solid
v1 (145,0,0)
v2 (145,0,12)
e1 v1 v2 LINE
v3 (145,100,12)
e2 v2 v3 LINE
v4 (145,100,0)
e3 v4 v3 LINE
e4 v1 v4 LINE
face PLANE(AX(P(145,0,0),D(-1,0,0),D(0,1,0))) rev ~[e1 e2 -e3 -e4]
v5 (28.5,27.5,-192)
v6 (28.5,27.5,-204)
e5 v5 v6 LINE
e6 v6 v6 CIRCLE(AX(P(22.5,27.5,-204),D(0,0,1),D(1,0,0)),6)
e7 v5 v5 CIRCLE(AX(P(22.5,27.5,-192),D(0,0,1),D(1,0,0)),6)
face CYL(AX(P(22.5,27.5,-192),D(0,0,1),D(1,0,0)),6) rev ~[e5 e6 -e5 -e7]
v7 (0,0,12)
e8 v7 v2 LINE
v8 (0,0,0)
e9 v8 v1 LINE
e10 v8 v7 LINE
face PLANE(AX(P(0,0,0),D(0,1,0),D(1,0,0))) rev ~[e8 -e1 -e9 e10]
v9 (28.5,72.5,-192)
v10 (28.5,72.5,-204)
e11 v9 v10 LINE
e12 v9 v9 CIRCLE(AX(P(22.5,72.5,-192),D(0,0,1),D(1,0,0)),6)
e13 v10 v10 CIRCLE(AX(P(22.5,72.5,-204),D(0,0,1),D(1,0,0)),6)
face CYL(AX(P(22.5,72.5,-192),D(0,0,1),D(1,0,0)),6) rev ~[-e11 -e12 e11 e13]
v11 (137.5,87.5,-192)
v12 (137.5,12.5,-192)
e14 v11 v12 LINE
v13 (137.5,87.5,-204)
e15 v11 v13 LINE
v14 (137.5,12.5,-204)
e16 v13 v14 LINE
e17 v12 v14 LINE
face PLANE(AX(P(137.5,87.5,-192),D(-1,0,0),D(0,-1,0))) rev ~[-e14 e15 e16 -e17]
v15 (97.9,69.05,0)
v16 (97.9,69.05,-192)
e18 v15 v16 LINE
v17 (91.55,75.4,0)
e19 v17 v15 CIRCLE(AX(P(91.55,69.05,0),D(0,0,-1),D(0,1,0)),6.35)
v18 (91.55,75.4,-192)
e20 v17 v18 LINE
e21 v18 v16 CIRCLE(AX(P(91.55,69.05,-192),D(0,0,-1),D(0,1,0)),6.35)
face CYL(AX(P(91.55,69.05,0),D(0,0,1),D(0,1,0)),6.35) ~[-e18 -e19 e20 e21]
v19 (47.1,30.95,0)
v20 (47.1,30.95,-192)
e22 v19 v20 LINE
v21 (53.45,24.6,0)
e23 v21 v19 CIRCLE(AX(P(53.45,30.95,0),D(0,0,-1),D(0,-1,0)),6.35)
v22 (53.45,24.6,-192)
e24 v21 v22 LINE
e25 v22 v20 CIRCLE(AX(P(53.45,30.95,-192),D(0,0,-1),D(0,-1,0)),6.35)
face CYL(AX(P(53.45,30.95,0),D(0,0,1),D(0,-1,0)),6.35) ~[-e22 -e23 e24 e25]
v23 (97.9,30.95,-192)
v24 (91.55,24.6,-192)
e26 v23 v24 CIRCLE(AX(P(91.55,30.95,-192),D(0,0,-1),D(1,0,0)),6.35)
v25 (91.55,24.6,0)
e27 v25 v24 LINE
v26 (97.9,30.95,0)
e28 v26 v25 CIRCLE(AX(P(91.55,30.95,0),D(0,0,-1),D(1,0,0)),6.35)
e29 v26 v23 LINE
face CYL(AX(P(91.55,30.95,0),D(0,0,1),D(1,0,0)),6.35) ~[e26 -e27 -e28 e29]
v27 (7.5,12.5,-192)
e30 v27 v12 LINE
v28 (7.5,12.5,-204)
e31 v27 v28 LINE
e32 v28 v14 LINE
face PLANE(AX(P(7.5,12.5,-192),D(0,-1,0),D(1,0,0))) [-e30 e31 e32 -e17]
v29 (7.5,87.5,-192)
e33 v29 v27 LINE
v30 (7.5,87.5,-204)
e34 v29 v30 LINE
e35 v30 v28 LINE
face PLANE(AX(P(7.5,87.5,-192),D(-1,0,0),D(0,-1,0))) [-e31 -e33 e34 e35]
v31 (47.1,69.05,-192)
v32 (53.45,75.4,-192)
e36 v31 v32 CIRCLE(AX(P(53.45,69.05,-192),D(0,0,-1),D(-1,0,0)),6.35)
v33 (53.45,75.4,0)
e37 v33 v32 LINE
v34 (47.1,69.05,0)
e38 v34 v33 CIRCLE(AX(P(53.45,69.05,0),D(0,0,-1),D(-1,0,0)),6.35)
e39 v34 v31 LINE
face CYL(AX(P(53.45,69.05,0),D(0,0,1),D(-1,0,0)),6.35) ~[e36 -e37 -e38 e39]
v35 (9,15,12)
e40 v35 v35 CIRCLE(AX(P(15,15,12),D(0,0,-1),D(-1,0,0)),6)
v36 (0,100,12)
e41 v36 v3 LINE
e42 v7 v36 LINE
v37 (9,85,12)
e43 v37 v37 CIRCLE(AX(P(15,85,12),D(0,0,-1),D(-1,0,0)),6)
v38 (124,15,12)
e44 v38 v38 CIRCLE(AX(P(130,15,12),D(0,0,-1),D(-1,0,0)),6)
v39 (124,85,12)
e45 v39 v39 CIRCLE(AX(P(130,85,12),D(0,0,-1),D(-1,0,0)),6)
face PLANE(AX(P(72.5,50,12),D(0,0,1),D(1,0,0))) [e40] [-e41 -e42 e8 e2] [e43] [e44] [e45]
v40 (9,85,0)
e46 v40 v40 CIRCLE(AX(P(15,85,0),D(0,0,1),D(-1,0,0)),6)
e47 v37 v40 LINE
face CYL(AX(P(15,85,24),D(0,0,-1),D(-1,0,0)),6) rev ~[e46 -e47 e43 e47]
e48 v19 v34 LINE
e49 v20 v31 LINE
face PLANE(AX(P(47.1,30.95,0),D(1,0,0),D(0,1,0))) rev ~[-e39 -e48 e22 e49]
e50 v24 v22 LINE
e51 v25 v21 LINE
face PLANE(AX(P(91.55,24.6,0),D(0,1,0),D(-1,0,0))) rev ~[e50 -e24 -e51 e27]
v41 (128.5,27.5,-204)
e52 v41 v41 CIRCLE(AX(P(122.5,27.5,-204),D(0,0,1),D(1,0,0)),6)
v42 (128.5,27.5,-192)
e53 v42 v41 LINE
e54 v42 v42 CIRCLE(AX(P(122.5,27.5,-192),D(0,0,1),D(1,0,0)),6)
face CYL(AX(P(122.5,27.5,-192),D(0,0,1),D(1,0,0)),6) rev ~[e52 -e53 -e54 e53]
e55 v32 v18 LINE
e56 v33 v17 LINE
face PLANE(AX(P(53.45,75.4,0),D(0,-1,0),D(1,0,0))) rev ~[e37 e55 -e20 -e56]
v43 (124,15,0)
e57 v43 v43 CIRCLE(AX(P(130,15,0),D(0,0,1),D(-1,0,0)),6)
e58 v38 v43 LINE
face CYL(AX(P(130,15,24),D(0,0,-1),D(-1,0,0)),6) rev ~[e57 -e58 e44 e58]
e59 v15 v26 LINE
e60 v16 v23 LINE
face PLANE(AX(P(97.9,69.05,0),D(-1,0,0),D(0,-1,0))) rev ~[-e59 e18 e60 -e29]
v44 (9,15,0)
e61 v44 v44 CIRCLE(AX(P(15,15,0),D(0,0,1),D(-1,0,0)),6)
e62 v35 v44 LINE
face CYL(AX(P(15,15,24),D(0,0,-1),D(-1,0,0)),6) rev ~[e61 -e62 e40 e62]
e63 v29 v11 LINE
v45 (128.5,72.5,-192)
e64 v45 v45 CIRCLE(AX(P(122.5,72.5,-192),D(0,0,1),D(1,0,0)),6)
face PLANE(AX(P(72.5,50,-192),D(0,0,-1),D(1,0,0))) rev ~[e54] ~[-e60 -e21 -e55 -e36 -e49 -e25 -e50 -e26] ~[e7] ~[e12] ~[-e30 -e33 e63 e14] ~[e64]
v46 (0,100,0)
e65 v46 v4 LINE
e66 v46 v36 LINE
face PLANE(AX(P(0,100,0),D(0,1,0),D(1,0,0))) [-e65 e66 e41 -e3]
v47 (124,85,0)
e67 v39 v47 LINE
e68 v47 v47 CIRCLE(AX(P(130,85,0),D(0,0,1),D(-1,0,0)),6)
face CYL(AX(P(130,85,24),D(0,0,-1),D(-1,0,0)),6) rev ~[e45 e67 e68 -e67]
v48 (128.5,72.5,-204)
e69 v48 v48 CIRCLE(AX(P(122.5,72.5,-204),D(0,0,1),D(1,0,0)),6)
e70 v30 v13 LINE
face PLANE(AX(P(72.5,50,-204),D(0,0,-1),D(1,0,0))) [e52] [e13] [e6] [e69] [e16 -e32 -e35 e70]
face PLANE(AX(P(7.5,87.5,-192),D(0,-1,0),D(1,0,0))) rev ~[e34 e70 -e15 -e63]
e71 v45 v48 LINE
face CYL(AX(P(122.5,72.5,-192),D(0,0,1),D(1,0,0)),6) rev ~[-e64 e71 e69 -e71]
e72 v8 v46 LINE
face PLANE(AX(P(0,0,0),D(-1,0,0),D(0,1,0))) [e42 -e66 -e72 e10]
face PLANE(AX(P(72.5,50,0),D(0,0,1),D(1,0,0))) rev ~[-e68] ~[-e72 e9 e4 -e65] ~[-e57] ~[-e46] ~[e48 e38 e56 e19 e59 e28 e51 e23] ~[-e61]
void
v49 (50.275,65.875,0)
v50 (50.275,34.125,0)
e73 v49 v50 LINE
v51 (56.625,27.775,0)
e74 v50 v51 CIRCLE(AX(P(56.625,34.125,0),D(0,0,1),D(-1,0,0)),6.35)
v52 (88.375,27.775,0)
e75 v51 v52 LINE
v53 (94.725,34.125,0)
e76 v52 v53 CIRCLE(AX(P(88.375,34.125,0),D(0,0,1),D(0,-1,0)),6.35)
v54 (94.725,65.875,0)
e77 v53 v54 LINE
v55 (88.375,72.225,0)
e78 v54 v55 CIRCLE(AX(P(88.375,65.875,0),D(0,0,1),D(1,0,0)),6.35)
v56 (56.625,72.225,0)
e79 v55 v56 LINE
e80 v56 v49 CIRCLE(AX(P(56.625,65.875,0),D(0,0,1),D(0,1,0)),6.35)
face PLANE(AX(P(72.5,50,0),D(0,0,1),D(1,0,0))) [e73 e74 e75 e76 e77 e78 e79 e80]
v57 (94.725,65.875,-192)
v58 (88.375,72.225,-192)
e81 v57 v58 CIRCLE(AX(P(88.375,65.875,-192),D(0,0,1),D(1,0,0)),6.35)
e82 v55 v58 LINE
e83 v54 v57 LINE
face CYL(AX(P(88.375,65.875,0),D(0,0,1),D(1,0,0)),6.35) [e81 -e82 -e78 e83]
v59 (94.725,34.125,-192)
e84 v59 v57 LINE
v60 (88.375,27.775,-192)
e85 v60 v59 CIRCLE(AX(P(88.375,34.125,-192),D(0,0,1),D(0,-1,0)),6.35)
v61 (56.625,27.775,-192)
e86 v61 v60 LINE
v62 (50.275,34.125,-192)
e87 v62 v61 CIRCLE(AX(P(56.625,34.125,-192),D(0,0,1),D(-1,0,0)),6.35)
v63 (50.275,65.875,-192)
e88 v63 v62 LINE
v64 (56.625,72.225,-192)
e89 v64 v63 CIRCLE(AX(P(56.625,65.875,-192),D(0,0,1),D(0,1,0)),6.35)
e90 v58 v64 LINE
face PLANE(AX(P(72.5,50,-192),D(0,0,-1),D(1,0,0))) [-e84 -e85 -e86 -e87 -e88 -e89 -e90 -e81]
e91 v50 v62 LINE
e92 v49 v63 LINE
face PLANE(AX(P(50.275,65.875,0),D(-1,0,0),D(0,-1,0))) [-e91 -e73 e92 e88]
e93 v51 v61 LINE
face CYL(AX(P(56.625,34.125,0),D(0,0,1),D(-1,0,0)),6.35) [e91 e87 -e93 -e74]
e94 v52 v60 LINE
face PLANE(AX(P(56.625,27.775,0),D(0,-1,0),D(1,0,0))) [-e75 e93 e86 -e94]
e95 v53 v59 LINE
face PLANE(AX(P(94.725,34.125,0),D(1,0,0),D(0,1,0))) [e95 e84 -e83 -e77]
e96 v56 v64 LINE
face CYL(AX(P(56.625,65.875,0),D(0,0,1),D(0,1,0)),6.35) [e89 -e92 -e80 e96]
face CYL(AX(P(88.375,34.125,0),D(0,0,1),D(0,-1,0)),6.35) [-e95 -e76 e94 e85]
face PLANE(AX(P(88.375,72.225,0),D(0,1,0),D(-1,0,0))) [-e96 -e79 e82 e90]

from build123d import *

# Parameters (mm, degrees)
F0_W     = 145
F0_H     = 100
F1_DEPTH = 12
F3_DEPTH = 192
F4_W     = 130
F4_H     = 75
F5_DEPTH = 12
F7_D     = 12
F7_DEPTH = 12
F7_TIP   = 3.6051637142
F9_D     = 12
F9_DEPTH = 12
F9_TIP   = 3.6051637142


with BuildPart() as f1:
    # F0 (on Top) → F1 (new body)
    with BuildSketch(Plane.XY):
        with Locations((72.5, 50)):
            Rectangle(F0_W, F0_H)
    extrude(amount=F1_DEPTH)

    # F2 (on face) → F3 (join)
    with BuildSketch(Plane(origin=(0, 0, 0), x_dir=(1, 0, 0), z_dir=(0, 0, -1))):
        with BuildLine():
            ThreePointArc((97.9, -30.95), (96.0401280605, -26.4598719395), (91.55, -24.6))
            Line((91.55, -24.6), (53.45, -24.6))
            ThreePointArc((53.45, -24.6), (48.9598719395, -26.4598719395), (47.1, -30.95))
            Line((47.1, -30.95), (47.1, -69.05))
            ThreePointArc((47.1, -69.05), (48.9598719395, -73.5401280605), (53.45, -75.4))
            Line((53.45, -75.4), (91.55, -75.4))
            ThreePointArc((91.55, -75.4), (96.0401280605, -73.5401280605), (97.9, -69.05))
            Line((97.9, -69.05), (97.9, -30.95))
        make_face()
        with BuildLine():
            Line((56.625, -27.775), (88.375, -27.775))
            ThreePointArc((88.375, -27.775), (92.8651280605, -29.6348719395), (94.725, -34.125))
            Line((94.725, -34.125), (94.725, -65.875))
            ThreePointArc((94.725, -65.875), (92.8651280605, -70.3651280605), (88.375, -72.225))
            Line((88.375, -72.225), (56.625, -72.225))
            ThreePointArc((56.625, -72.225), (52.1348719395, -70.3651280605), (50.275, -65.875))
            Line((50.275, -65.875), (50.275, -34.125))
            ThreePointArc((50.275, -34.125), (52.1348719395, -29.6348719395), (56.625, -27.775))
        make_face(mode=Mode.SUBTRACT)
    extrude(amount=F3_DEPTH)

    # F4 (on face) → F5 (join)
    with BuildSketch(Plane(origin=(0, 0, -192), x_dir=(1, 0, 0), z_dir=(0, 0, -1))):
        with Locations((72.5, -50)):
            Rectangle(F4_W, F4_H)
        with BuildLine():
            ThreePointArc((91.55, -24.6), (96.0401280605, -26.4598719395), (97.9, -30.95))
            Line((97.9, -30.95), (97.9, -69.05))
            ThreePointArc((97.9, -69.05), (96.0401280605, -73.5401280605), (91.55, -75.4))
            Line((91.55, -75.4), (53.45, -75.4))
            ThreePointArc((53.45, -75.4), (48.9598719395, -73.5401280605), (47.1, -69.05))
            Line((47.1, -69.05), (47.1, -30.95))
            ThreePointArc((47.1, -30.95), (48.9598719395, -26.4598719395), (53.45, -24.6))
            Line((53.45, -24.6), (91.55, -24.6))
        make_face(mode=Mode.SUBTRACT)
        with BuildLine():
            Line((97.9, -69.05), (97.9, -30.95))
            ThreePointArc((97.9, -30.95), (96.0401280605, -26.4598719395), (91.55, -24.6))
            Line((91.55, -24.6), (53.45, -24.6))
            ThreePointArc((53.45, -24.6), (48.9598719395, -26.4598719395), (47.1, -30.95))
            Line((47.1, -30.95), (47.1, -69.05))
            ThreePointArc((47.1, -69.05), (48.9598719395, -73.5401280605), (53.45, -75.4))
            Line((53.45, -75.4), (91.55, -75.4))
            ThreePointArc((91.55, -75.4), (96.0401280605, -73.5401280605), (97.9, -69.05))
        make_face()
        with BuildLine():
            ThreePointArc((50.275, -34.125), (52.1348719395, -29.6348719395), (56.625, -27.775))
            Line((56.625, -27.775), (88.375, -27.775))
            ThreePointArc((88.375, -27.775), (92.8651280605, -29.6348719395), (94.725, -34.125))
            Line((94.725, -34.125), (94.725, -65.875))
            ThreePointArc((94.725, -65.875), (92.8651280605, -70.3651280605), (88.375, -72.225))
            Line((88.375, -72.225), (56.625, -72.225))
            ThreePointArc((56.625, -72.225), (52.1348719395, -70.3651280605), (50.275, -65.875))
            Line((50.275, -65.875), (50.275, -34.125))
        make_face(mode=Mode.SUBTRACT)
        with BuildLine():
            Line((88.375, -27.775), (56.625, -27.775))
            ThreePointArc((56.625, -27.775), (52.1348719395, -29.6348719395), (50.275, -34.125))
            Line((50.275, -34.125), (50.275, -65.875))
            ThreePointArc((50.275, -65.875), (52.1348719395, -70.3651280605), (56.625, -72.225))
            Line((56.625, -72.225), (88.375, -72.225))
            ThreePointArc((88.375, -72.225), (92.8651280605, -70.3651280605), (94.725, -65.875))
            Line((94.725, -65.875), (94.725, -34.125))
            ThreePointArc((94.725, -34.125), (92.8651280605, -29.6348719395), (88.375, -27.775))
        make_face()
    extrude(amount=F5_DEPTH)

    # F7 (one way)
    with BuildSketch(Plane.XY.offset(-192)):
        with Locations((122.5, 72.5), (122.5, 27.5), (22.5, 27.5), (22.5, 72.5)):
            Circle(F7_D / 2)
    extrude(amount=-F7_DEPTH, mode=Mode.SUBTRACT)
    with Locations(Plane.XY.offset(-192)):
        with Locations((122.5, 72.5), (122.5, 27.5), (22.5, 27.5), (22.5, 72.5)):
            with Locations((0, 0, -(F7_DEPTH + F7_TIP / 2))):  # 118° drill point
                Cone(0, F7_D / 2, F7_TIP, mode=Mode.SUBTRACT)

    # F9
    with Locations(Plane.XY.offset(12)):
        with Locations((15, 85), (130, 85), (130, 15), (15, 15)):
            Hole(F9_D / 2, depth=F9_DEPTH)
            with Locations((0, 0, -(F9_DEPTH + F9_TIP / 2))):  # 118° drill point
                Cone(0, F9_D / 2, F9_TIP, mode=Mode.SUBTRACT)


solid = f1.part
